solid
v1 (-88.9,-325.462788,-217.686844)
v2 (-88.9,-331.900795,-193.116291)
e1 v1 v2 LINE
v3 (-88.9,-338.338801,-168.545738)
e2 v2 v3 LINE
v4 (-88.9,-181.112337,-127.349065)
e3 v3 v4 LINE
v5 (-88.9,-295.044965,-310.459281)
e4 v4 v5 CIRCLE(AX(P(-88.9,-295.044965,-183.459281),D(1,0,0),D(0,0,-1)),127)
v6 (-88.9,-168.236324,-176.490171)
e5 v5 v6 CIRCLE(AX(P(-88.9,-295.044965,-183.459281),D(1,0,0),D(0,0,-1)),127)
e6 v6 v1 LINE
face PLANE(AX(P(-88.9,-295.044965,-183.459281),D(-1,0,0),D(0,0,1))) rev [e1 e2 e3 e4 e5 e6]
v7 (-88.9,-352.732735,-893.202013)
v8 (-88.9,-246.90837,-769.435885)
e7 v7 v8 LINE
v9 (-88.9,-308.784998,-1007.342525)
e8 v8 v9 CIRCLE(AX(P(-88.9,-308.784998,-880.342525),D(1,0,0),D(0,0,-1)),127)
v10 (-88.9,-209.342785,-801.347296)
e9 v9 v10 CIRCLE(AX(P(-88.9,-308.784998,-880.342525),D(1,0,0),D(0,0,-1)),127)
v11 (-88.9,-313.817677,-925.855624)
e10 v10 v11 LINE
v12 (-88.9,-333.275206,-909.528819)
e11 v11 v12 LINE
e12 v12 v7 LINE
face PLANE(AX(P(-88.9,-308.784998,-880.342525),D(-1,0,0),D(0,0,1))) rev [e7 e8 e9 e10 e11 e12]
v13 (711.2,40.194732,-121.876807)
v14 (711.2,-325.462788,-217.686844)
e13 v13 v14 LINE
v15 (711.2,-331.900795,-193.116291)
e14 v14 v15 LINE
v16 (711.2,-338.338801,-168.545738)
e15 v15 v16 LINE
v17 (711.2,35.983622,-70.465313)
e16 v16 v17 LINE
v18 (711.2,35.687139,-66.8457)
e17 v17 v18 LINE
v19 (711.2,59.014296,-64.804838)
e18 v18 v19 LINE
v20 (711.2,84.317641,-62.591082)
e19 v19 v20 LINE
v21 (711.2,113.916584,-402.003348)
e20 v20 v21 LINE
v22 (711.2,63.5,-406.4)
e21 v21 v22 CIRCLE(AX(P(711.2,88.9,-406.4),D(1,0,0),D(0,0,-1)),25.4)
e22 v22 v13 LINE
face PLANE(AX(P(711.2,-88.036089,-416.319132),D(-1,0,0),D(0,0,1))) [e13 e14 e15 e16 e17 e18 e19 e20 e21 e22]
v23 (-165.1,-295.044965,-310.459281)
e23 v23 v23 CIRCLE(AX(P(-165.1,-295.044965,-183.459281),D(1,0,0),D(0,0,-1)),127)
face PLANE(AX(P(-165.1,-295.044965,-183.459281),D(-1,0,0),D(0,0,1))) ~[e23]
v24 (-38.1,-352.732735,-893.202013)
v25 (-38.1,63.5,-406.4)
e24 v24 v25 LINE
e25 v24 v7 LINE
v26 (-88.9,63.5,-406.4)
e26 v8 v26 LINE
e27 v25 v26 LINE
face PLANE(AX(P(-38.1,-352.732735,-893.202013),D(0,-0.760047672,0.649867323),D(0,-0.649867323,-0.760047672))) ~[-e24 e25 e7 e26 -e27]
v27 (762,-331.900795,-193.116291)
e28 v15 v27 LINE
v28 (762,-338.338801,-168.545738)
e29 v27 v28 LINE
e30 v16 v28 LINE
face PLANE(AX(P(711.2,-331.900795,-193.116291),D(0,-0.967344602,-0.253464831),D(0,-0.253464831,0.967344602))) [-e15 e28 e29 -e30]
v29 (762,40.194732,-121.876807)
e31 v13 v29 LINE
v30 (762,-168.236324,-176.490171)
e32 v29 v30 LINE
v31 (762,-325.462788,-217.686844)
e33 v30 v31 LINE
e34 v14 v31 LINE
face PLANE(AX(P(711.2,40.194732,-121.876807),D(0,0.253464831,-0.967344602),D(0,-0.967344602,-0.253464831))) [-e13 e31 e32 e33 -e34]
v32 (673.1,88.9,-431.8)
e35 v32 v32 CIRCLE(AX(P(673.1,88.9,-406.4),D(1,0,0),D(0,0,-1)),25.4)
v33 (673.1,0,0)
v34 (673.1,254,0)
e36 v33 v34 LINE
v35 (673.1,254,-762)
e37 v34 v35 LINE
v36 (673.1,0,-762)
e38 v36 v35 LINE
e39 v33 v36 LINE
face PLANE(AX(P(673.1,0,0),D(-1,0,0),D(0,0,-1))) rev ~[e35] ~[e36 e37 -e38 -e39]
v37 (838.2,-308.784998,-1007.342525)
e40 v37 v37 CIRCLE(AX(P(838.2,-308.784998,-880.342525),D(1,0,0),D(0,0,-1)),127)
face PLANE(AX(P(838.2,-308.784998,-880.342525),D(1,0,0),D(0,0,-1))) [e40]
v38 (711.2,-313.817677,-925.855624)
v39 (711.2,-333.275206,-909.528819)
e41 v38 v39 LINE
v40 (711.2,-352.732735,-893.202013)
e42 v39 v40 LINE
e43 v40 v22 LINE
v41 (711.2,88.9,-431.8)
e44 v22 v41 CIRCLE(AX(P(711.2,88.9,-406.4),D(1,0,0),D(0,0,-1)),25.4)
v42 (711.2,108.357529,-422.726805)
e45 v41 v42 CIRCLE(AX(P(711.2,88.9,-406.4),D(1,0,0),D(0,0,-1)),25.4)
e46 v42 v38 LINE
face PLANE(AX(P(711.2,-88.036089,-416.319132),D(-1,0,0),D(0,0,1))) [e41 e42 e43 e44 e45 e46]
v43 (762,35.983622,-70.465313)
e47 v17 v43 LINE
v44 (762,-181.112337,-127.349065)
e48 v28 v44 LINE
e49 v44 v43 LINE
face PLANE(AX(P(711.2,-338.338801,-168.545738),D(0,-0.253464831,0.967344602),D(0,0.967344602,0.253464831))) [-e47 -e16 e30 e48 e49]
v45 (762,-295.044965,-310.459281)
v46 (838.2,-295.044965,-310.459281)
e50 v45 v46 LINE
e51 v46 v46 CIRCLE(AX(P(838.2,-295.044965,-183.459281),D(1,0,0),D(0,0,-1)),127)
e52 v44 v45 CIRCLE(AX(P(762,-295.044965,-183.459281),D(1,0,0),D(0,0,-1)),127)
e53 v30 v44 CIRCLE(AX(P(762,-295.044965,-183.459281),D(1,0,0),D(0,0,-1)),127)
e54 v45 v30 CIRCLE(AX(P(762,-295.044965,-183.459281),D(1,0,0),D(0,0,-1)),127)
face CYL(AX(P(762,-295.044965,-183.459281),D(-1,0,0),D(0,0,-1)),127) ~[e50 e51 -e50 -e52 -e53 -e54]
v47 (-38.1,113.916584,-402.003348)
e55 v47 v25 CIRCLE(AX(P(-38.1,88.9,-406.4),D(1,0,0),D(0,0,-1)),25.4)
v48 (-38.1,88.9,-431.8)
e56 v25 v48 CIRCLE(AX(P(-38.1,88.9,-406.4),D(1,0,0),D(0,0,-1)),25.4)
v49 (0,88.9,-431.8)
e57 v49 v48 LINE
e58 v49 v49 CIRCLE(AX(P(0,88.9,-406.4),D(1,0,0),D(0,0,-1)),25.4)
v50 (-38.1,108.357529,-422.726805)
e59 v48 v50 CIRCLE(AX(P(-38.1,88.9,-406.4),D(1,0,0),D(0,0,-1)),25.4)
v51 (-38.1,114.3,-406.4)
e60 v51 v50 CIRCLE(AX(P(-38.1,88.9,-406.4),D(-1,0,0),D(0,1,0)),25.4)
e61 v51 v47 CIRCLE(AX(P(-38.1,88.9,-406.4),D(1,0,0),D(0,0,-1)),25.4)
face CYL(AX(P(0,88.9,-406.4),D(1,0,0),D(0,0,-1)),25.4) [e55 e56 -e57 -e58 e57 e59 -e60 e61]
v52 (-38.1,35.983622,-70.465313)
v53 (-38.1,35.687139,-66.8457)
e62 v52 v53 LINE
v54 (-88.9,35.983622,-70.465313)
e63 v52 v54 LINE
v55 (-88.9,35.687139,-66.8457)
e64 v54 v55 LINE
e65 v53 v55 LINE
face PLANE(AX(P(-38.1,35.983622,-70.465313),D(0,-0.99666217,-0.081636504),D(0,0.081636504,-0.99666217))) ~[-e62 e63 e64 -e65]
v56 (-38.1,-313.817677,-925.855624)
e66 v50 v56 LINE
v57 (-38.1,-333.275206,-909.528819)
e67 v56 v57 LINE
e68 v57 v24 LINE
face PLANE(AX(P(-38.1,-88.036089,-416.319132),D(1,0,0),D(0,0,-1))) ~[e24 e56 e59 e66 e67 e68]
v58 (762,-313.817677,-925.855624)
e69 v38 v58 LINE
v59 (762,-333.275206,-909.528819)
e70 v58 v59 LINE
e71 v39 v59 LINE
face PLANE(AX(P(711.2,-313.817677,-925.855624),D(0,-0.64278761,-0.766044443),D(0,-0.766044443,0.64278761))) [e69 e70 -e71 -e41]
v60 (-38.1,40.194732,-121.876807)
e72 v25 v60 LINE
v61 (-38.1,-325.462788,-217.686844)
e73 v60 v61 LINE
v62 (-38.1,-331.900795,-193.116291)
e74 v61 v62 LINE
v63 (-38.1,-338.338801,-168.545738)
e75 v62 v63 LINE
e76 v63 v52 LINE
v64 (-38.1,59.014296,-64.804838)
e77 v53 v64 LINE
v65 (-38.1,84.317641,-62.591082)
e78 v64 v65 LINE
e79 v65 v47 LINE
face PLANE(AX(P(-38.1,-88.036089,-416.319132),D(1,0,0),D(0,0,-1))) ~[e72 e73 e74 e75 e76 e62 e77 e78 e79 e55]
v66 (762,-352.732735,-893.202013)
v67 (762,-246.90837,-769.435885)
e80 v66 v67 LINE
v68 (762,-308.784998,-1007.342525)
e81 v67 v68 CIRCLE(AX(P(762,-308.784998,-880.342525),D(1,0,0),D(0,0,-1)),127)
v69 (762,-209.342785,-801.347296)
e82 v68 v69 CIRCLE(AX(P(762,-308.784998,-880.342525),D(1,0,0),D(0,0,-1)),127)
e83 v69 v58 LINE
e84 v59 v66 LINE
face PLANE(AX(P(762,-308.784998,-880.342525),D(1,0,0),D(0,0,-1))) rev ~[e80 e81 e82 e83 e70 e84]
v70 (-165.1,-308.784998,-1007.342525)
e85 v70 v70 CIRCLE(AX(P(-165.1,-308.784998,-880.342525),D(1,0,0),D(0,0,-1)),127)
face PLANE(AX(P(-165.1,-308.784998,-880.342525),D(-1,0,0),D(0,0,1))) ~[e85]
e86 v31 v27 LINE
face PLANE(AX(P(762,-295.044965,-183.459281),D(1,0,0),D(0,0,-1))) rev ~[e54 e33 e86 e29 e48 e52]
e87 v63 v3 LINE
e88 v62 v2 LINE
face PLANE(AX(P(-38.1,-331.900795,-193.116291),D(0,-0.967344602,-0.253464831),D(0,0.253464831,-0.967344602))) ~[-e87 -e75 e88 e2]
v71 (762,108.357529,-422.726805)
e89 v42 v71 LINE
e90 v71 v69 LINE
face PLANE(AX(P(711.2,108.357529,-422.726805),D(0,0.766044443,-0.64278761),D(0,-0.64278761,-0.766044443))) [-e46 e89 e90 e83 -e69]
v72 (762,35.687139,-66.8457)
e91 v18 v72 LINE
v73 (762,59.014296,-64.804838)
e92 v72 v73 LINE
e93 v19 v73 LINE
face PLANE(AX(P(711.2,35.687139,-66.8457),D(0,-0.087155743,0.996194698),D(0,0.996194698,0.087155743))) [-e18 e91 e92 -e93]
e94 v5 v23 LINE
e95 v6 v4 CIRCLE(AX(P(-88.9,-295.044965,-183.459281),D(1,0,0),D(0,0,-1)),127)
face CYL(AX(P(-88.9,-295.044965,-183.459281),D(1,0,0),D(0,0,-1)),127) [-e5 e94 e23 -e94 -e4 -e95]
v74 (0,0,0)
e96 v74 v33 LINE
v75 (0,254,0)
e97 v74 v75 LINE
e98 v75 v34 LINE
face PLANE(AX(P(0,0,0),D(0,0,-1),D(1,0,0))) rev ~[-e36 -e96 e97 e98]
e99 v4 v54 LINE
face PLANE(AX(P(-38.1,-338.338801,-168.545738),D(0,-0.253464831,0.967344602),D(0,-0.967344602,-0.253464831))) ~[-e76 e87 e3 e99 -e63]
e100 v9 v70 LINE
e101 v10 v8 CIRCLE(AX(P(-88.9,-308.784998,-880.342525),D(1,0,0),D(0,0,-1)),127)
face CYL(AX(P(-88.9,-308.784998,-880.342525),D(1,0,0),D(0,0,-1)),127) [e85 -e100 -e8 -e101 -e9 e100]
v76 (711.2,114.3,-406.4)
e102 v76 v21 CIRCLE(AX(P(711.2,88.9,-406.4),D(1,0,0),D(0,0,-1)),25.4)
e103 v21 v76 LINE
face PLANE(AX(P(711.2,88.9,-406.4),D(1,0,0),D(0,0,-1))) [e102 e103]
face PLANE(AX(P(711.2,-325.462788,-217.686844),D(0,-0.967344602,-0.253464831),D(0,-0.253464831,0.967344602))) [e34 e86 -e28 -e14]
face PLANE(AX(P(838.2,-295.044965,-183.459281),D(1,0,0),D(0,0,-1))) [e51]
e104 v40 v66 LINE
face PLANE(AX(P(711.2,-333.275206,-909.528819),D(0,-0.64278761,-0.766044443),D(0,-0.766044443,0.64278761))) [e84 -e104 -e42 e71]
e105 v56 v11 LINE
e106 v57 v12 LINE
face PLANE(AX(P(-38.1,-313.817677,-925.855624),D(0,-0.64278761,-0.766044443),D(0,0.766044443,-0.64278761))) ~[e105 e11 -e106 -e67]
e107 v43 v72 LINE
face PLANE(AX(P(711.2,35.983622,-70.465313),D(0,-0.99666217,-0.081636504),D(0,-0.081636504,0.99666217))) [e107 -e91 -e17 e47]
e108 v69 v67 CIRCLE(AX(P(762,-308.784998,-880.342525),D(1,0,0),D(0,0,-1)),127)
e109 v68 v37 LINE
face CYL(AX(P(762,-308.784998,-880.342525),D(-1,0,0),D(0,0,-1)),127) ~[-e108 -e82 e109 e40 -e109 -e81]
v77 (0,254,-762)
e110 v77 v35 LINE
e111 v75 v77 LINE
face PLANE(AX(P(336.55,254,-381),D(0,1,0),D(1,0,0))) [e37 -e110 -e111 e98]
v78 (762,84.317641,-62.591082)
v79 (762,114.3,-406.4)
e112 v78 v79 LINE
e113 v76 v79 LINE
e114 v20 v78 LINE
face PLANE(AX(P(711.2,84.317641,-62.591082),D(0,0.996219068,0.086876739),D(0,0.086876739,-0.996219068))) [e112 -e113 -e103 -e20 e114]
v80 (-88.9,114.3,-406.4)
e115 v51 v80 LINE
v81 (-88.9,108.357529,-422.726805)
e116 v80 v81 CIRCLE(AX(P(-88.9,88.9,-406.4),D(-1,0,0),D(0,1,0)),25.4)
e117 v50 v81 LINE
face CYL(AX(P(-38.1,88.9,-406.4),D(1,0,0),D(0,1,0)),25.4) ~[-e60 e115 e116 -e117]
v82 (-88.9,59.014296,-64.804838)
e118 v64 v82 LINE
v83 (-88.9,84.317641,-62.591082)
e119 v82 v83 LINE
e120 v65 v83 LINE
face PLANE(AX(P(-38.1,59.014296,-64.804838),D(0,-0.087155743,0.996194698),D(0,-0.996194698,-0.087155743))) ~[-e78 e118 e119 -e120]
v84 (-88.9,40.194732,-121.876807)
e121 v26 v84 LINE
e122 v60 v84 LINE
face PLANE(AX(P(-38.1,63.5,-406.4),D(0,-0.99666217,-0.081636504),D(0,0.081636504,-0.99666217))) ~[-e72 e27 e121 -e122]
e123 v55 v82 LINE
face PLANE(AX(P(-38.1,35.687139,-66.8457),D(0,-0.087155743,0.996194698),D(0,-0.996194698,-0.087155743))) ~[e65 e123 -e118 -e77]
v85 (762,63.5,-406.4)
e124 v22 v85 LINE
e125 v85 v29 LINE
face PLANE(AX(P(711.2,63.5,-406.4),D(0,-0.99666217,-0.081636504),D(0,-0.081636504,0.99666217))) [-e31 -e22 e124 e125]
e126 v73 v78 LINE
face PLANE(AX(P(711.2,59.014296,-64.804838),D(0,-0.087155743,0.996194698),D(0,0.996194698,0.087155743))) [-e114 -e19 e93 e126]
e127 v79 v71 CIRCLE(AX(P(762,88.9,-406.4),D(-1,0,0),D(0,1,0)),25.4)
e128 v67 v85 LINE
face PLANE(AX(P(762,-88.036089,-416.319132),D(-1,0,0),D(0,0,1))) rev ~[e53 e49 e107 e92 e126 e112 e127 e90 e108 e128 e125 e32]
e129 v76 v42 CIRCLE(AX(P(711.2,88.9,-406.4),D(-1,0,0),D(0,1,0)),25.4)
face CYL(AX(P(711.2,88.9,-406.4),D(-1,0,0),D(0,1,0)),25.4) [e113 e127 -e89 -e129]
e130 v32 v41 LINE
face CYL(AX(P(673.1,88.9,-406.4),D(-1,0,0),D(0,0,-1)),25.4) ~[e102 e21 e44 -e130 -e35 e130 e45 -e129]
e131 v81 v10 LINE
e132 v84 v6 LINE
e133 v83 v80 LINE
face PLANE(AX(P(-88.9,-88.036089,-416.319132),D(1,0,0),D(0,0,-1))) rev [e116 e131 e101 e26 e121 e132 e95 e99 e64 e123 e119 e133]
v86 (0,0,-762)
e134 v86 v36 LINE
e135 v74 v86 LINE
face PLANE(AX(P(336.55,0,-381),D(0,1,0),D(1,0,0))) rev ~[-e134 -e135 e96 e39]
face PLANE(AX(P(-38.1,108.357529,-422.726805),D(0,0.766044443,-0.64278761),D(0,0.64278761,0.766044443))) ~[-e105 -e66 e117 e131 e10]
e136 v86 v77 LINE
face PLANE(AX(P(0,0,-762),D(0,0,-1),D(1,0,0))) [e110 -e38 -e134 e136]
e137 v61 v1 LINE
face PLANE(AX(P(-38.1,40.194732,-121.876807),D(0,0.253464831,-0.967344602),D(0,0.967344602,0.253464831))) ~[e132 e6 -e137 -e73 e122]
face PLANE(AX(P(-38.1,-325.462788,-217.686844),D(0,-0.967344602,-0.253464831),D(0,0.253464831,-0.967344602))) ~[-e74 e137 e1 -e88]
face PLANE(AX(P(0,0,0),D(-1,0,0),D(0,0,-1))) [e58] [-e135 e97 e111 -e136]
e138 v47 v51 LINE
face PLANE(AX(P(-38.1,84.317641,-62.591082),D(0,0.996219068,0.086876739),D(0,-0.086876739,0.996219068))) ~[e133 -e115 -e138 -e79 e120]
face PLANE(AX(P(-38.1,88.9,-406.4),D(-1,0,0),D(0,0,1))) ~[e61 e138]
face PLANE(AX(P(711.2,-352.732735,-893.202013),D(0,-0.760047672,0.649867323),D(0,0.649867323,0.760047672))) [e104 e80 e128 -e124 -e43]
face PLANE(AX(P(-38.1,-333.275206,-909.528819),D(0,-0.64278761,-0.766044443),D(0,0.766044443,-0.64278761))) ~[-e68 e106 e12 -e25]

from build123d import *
from build123d.topology import SkipClean

# Parameters (mm, degrees)
SKETCH1_W           = 673.1
SKETCH1_H           = 762
BOSS_EXTRUDE1_DEPTH = 254
SKETCH2_R           = 25.4
BOSS_EXTRUDE2_DEPTH = 38.1
BOSS_EXTRUDE3_DEPTH = 50.8
SKETCH4_R           = 127
BOSS_EXTRUDE4_DEPTH = 76.2


with BuildPart() as part:
    # Sketch1 → Boss-Extrude1 (new body)
    with BuildSketch(Plane(origin=(0, 0, 0), x_dir=(1, 0, 0), z_dir=(0, 1, 0))):
        with Locations((336.55, 381)):
            Rectangle(SKETCH1_W, SKETCH1_H)
    extrude(amount=BOSS_EXTRUDE1_DEPTH)

    # Sketch2 → Boss-Extrude2 (add)
    with BuildSketch(Plane(origin=(673.1, 0, 0), x_dir=(0, 0, -1), z_dir=(1, 0, 0))):
        with Locations((406.4, 88.9)):
            Circle(SKETCH2_R)
    boss_extrude2 = extrude(amount=BOSS_EXTRUDE2_DEPTH)

    # Sketch3 → Boss-Extrude3 (add)
    with SkipClean():  # the faces are left unmerged after this step: merging them gives an invalid solid
        with BuildSketch(Plane(origin=(711.2, 0, 0), x_dir=(0, 0, -1), z_dir=(1, 0, 0))):
            with BuildLine():
                Line((422.726805286, 108.357528855), (925.855623983, -313.817677348))
                Line((925.855623983, -313.817677348), (909.528818697, -333.275206203))
                Line((909.528818697, -333.275206203), (893.202013411, -352.732735059))
                Line((893.202013411, -352.732735059), (406.4, 63.5))
                Line((406.4, 63.5), (121.876807164, 40.194732275))
                Line((121.876807164, 40.194732275), (217.686843741, -325.462787901))
                Line((217.686843741, -325.462787901), (193.116290848, -331.90079462))
                Line((193.116290848, -331.90079462), (168.545737954, -338.338801338))
                Line((168.545737954, -338.338801338), (70.465312804, 35.98362165))
                Line((70.465312804, 35.98362165), (66.845699755, 35.687139489))
                Line((66.845699755, 35.687139489), (64.804838024, 59.014295812))
                Line((64.804838024, 59.014295812), (62.591082159, 84.317641143))
                Line((62.591082159, 84.317641143), (406.4, 114.3))
                ThreePointArc((406.4, 114.3), (415.08731164, 112.768192568), (422.726805286, 108.357528855))
            make_face()
        boss_extrude3 = extrude(amount=BOSS_EXTRUDE3_DEPTH)

    # Sketch4 → Boss-Extrude4 (add)
    with SkipClean():  # the faces are left unmerged after this step: merging them gives an invalid solid
        with BuildSketch(Plane(origin=(762, 0, 0), x_dir=(0, 0, -1), z_dir=(1, 0, 0))):
            with Locations((183.45928077, -295.044965279)):
                Circle(SKETCH4_R)
            with Locations((880.342525414, -308.784998274)):
                Circle(SKETCH4_R)
        boss_extrude4 = extrude(amount=BOSS_EXTRUDE4_DEPTH)

    # Mirror1: Boss-Extrude2, Boss-Extrude3, Boss-Extrude4 across plane
    with SkipClean():  # the faces are left unmerged after this step: merging them gives an invalid solid
        add(boss_extrude2.mirror(Plane(origin=(336.55, 0, 0), x_dir=(0, 0, 1), z_dir=(1, 0, 0))))
        add(boss_extrude3.mirror(Plane(origin=(336.55, 0, 0), x_dir=(0, 0, 1), z_dir=(1, 0, 0))))
        add(boss_extrude4.mirror(Plane(origin=(336.55, 0, 0), x_dir=(0, 0, 1), z_dir=(1, 0, 0))))


solid = part.part
